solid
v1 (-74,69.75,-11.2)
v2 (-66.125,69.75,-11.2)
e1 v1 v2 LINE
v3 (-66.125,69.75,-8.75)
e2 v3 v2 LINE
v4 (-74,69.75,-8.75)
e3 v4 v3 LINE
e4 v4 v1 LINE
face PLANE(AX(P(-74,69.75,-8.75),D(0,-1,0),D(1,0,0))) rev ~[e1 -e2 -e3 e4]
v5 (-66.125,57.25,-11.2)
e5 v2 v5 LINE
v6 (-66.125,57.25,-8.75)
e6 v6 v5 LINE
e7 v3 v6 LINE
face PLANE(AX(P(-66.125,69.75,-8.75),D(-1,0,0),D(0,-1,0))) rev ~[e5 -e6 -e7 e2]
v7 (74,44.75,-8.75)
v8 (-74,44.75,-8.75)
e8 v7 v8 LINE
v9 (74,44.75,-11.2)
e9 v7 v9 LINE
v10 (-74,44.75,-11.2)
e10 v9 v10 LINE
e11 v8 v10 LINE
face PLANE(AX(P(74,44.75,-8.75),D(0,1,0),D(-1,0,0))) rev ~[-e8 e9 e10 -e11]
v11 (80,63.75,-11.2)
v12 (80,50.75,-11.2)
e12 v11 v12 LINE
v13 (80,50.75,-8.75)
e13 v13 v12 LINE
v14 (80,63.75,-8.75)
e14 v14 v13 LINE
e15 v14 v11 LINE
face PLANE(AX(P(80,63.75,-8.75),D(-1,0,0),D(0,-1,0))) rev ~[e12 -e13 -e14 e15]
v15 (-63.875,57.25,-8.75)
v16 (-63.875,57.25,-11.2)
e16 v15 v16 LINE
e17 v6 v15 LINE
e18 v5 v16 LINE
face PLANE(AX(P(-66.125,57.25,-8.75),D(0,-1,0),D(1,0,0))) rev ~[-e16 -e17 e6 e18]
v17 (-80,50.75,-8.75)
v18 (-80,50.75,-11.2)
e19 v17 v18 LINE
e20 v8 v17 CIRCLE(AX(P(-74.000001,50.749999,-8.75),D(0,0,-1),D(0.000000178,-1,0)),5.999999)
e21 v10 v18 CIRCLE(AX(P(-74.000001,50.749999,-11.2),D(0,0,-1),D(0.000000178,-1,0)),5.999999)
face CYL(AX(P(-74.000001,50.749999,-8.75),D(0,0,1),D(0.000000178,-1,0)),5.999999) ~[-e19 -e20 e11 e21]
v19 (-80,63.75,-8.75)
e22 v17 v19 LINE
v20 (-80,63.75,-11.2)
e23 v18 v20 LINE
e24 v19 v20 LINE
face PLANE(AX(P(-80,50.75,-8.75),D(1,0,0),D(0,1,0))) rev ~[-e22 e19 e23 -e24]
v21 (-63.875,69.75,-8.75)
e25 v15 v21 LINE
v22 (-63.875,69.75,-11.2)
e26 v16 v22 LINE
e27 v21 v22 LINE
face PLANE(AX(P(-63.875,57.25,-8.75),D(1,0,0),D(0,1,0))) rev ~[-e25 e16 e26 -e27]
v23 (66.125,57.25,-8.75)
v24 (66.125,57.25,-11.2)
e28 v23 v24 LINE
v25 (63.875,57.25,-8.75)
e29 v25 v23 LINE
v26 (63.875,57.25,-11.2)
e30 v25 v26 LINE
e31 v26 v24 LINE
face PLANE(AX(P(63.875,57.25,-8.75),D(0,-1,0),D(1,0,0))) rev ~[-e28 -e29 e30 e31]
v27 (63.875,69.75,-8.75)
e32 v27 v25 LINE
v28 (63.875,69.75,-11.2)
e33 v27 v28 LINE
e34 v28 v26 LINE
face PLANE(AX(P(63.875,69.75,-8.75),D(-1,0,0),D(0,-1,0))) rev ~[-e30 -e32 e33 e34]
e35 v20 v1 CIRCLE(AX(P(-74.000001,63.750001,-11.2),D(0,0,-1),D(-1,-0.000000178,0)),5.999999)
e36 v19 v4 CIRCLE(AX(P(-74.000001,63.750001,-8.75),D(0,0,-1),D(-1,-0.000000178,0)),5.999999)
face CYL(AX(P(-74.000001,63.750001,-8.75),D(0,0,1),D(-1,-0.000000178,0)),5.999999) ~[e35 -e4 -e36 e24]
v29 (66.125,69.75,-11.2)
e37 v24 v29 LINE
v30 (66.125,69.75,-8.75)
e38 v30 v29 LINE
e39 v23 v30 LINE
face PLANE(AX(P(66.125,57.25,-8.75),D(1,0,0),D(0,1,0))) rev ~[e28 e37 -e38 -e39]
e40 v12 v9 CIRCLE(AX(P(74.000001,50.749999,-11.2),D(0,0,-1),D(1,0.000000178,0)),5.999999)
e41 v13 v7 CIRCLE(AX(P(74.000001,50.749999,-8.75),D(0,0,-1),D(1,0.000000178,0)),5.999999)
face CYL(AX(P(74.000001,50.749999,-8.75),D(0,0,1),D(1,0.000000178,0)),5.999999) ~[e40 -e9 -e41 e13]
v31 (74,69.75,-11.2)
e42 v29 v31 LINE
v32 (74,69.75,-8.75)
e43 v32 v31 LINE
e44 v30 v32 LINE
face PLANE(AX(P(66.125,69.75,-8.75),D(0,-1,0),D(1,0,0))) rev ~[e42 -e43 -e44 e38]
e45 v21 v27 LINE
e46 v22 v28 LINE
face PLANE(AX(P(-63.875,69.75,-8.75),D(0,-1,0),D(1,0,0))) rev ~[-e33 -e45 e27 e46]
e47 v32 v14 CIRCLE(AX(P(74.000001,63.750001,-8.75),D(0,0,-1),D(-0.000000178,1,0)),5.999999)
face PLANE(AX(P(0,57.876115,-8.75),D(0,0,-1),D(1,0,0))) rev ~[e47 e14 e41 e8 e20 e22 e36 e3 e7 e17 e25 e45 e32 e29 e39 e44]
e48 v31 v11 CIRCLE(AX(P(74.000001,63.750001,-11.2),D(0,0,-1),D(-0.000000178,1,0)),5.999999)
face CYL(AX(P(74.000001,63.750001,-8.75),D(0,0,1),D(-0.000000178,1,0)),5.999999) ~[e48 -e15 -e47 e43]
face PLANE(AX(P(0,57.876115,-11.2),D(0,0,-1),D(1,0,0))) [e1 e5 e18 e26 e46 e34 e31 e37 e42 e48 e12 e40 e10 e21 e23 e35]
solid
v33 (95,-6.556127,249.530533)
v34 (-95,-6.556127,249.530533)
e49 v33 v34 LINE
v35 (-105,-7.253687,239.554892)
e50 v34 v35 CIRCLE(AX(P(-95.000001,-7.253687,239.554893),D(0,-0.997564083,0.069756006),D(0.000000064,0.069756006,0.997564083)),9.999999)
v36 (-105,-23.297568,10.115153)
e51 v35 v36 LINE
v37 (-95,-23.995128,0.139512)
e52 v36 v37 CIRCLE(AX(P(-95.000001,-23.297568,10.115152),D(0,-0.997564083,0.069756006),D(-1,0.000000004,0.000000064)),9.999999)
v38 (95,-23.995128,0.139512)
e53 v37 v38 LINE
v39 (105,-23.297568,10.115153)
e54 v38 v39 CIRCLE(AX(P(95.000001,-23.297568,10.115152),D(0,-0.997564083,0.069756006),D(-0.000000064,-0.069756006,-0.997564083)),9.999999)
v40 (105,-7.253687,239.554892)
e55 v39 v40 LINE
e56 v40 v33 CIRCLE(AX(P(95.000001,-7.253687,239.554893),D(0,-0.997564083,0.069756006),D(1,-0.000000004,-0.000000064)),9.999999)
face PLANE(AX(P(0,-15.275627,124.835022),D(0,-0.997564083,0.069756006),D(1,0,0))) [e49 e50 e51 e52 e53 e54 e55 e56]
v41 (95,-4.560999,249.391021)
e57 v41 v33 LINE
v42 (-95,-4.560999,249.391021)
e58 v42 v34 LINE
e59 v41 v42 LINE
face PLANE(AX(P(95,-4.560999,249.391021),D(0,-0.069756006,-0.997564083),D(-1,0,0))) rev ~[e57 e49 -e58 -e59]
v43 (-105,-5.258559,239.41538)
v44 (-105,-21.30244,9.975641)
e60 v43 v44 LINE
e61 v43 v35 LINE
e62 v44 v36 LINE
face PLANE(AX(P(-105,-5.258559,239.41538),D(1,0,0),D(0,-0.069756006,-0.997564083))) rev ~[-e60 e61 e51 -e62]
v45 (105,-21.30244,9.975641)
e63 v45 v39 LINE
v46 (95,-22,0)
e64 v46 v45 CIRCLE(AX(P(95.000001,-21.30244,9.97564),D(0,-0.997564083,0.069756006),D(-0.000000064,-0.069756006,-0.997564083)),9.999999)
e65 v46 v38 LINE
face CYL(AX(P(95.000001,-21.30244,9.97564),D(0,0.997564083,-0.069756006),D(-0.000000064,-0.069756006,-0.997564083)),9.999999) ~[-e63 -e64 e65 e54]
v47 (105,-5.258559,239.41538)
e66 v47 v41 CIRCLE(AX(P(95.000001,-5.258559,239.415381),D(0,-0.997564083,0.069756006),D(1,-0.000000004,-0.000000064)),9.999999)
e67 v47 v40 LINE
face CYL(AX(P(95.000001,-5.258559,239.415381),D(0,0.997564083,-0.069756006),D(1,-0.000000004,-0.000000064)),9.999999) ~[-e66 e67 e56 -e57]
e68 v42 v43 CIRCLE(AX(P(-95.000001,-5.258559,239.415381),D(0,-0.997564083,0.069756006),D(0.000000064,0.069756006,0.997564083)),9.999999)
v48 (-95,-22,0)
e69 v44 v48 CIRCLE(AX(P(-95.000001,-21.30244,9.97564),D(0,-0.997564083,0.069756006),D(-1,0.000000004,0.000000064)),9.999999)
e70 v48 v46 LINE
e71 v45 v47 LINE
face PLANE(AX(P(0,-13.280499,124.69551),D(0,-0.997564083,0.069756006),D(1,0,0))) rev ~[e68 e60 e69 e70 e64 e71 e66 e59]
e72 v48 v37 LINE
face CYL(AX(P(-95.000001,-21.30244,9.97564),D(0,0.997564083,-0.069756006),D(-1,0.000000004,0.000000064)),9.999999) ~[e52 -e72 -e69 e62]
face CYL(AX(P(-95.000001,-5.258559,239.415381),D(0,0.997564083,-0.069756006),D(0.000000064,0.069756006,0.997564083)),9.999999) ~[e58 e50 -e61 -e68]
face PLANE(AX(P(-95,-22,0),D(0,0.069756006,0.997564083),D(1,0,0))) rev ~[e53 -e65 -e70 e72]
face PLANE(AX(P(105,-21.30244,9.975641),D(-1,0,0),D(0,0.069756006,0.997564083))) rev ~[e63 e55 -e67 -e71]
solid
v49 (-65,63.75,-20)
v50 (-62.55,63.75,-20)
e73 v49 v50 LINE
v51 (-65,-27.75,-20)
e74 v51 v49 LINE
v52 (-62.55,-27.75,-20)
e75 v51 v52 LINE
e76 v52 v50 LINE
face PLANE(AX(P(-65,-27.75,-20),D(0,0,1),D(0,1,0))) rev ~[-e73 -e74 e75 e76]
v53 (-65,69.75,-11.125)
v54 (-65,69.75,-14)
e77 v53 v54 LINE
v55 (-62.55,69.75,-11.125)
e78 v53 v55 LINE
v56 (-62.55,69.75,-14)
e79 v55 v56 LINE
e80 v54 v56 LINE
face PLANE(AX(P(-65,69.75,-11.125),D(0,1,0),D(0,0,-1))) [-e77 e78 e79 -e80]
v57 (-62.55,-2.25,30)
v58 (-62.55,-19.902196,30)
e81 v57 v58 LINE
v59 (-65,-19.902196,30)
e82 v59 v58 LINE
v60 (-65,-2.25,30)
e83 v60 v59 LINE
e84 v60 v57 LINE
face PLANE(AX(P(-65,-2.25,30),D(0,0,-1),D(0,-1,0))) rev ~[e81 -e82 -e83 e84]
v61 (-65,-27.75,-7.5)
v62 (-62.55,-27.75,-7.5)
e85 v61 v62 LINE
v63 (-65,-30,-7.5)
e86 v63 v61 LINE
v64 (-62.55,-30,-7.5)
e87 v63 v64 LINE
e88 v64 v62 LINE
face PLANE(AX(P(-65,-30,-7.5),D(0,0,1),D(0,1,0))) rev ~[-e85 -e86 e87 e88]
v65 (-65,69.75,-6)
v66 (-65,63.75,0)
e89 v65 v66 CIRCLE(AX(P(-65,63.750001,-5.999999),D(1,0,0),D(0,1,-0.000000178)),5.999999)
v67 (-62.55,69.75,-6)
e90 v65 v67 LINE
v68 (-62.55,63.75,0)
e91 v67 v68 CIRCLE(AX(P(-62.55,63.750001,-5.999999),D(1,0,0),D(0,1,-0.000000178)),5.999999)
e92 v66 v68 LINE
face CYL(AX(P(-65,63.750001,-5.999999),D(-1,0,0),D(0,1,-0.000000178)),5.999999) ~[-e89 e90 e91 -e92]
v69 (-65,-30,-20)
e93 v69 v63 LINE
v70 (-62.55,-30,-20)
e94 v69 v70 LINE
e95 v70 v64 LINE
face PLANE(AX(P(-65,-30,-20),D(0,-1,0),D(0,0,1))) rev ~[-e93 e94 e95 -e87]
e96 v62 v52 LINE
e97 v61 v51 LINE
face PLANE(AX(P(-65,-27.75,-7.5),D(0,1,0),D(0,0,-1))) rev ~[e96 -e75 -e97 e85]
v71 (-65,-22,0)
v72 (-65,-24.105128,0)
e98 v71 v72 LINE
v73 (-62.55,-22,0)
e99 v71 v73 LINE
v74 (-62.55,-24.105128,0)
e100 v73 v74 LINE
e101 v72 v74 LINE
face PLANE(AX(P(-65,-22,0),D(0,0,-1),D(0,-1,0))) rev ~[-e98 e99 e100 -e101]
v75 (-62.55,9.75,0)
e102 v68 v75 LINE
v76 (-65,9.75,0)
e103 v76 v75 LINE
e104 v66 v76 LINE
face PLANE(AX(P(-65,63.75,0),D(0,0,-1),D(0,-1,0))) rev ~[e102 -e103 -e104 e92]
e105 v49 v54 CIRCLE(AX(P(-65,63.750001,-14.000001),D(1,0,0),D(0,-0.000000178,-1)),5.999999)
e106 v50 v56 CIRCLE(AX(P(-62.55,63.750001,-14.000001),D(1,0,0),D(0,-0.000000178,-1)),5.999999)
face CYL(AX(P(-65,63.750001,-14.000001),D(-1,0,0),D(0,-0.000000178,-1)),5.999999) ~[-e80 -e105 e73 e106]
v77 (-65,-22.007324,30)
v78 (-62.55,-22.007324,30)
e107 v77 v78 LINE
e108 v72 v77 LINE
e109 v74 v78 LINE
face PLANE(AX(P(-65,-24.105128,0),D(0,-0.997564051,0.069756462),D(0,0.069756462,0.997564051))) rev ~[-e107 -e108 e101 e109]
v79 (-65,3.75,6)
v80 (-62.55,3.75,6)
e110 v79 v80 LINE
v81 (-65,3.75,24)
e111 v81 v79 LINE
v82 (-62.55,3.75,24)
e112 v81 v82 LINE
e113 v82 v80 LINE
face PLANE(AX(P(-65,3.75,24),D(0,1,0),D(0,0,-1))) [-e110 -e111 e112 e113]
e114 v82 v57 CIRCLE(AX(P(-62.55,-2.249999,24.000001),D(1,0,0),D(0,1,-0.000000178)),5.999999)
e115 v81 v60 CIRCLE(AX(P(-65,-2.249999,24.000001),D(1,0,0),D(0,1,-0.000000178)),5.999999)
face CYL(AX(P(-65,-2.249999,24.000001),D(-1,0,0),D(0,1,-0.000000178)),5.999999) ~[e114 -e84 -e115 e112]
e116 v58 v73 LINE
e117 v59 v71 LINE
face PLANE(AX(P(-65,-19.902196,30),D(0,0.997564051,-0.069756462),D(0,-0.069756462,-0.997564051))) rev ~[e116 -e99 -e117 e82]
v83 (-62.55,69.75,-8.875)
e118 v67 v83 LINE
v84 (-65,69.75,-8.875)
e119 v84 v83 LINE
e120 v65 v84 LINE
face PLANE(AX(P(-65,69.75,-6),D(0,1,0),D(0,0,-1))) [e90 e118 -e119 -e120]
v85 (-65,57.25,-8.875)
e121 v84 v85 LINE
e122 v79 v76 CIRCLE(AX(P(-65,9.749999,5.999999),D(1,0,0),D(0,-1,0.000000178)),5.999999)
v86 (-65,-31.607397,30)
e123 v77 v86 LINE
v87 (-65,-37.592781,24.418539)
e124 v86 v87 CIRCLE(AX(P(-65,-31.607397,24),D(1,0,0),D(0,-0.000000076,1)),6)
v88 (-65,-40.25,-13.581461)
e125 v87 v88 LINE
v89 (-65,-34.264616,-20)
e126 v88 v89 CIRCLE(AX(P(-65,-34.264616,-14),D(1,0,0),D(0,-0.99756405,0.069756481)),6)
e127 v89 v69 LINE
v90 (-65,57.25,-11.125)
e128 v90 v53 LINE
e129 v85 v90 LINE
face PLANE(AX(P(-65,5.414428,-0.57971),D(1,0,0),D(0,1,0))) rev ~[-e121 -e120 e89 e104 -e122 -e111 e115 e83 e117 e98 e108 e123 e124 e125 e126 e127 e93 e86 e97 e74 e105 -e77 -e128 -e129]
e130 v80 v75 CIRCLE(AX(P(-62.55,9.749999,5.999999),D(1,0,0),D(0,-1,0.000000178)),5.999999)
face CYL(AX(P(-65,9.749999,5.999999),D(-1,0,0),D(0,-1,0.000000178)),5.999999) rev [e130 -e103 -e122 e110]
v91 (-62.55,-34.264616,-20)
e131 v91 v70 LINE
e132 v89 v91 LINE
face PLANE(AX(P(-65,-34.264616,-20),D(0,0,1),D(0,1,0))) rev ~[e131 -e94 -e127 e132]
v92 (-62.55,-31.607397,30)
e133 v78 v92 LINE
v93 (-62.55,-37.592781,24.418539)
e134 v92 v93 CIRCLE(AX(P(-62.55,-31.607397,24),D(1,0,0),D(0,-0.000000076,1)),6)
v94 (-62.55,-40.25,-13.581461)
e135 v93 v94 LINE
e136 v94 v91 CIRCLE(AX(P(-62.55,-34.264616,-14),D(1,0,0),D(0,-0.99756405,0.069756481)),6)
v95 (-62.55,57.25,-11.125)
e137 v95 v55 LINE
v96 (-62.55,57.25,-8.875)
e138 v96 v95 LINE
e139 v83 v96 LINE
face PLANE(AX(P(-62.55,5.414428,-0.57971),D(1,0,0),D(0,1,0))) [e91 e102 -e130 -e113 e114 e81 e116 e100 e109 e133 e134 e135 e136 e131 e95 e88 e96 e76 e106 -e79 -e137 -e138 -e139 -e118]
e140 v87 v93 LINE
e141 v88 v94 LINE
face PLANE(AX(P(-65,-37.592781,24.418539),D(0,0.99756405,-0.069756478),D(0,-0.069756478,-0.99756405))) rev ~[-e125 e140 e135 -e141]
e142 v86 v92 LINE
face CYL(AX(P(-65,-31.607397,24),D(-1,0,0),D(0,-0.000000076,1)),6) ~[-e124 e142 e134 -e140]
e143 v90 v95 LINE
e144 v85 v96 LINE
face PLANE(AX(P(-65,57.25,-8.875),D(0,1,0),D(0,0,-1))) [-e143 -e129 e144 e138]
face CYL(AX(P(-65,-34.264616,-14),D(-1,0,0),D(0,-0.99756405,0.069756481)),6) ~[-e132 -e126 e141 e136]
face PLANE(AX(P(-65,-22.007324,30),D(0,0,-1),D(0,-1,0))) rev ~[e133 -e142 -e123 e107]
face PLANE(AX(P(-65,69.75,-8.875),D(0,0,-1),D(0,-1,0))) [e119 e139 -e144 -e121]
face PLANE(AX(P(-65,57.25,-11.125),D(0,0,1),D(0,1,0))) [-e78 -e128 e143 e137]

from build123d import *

# Parameters (mm, degrees)
PAD_DEPTH               = 2
PAD010_DEPTH            = 2.45
PAD009_DEPTH            = 2.45
BODY015_PLACEMENT_ANGLE = 90


with BuildPart() as body:
    # Sketch (on DatumPlane) → Pad (new body)
    with BuildSketch(Plane(origin=(0, -22, 0), x_dir=(1, 0, 0), z_dir=(0, -0.997564, 0.069756))):
        with BuildLine():
            Line((-95, 0), (95, 0))
            ThreePointArc((95, 0), (102.071068, 2.928932), (105, 10))
            Line((105, 10), (105, 240))
            ThreePointArc((105, 240), (102.071068, 247.071068), (95, 250))
            Line((95, 250), (-95, 250))
            ThreePointArc((-95, 250), (-102.071068, 247.071068), (-105, 240))
            Line((-105, 240), (-105, 10))
            ThreePointArc((-105, 10), (-102.071068, 2.928932), (-95, 0))
        make_face()
    extrude(amount=PAD_DEPTH)


with BuildPart() as body011:
    # Sketch010 → Pad010 (new body)
    with BuildSketch(Plane.YZ.offset(65)):
        with BuildLine():
            Line((-19.902196, 30), (-22, 0))
            Line((-22, 0), (-24.105128, 0))
            Line((-24.105128, 0), (-22.007324, 30))
            Line((-22.007324, 30), (-31.607397, 30))
            ThreePointArc((-31.607397, 30), (-35.699387, 28.388122), (-37.592781, 24.418539))
            Line((-37.592781, 24.418539), (-40.25, -13.581461))
            ThreePointArc((-40.25, -13.581461), (-38.652738, -18.09199), (-34.264616, -20))
            Line((-34.264616, -20), (-30, -20))
            Line((-30, -20), (-30, -7.5))
            Line((-30, -7.5), (-27.75, -7.5))
            Line((-27.75, -7.5), (-27.75, -20))
            Line((-27.75, -20), (63.75, -20))
            ThreePointArc((63.75, -20), (67.992641, -18.242641), (69.75, -14))
            Line((69.75, -11.125), (69.75, -14))
            Line((57.25, -11.125), (69.75, -11.125))
            Line((57.25, -8.875), (57.25, -11.125))
            Line((69.75, -8.875), (57.25, -8.875))
            Line((69.75, -6), (69.75, -8.875))
            ThreePointArc((69.75, -6), (67.992641, -1.757359), (63.75, 0))
            Line((63.75, 0), (9.75, 0))
            ThreePointArc((3.75, 6), (5.507359, 1.757359), (9.75, 0))
            Line((3.75, 24), (3.75, 6))
            ThreePointArc((3.75, 24), (1.992641, 28.242641), (-2.25, 30))
            Line((-2.25, 30), (-19.902196, 30))
        make_face()
    extrude(amount=PAD010_DEPTH)


with BuildPart() as body011_1:
    # Body011 placement: moved
    add(body011.part.moved(Location((-130, 0, 0))))


with BuildPart() as body015:
    # Sketch012 (on Face13 of Binder001) → Pad009 (new body)
    with BuildSketch(Plane.XZ.offset(27.75)):
        with BuildLine():
            Line((-66.125, -20), (-66.125, -7.5))
            Line((-66.125, -7.5), (-63.875, -7.5))
            Line((-63.875, -7.5), (-63.875, -20))
            Line((-63.875, -20), (63.875, -20))
            Line((63.875, -20), (63.875, -7.5))
            Line((63.875, -7.5), (66.125, -7.5))
            Line((66.125, -7.5), (66.125, -20))
            Line((66.125, -20), (74, -20))
            ThreePointArc((74, -20), (78.242641, -18.242641), (80, -14))
            Line((80, -14), (80, -1))
            ThreePointArc((80, -1), (78.242641, 3.242641), (74, 5))
            Line((74, 5), (-74, 5))
            ThreePointArc((-74, 5), (-78.242641, 3.242641), (-80, -1))
            Line((-80, -1), (-80, -14))
            ThreePointArc((-80, -14), (-78.242641, -18.242641), (-74, -20))
            Line((-74, -20), (-66.125, -20))
        make_face()
    extrude(amount=PAD009_DEPTH)


with BuildPart() as body015_1:
    # Body015 placement: moved
    add(body015.part.moved(Location((0, 49.75, 19))).rotate(Axis((0, 49.75, 19), (1, 0, 0)), BODY015_PLACEMENT_ANGLE))


solid = Compound([body.part, body011_1.part, body015_1.part])
